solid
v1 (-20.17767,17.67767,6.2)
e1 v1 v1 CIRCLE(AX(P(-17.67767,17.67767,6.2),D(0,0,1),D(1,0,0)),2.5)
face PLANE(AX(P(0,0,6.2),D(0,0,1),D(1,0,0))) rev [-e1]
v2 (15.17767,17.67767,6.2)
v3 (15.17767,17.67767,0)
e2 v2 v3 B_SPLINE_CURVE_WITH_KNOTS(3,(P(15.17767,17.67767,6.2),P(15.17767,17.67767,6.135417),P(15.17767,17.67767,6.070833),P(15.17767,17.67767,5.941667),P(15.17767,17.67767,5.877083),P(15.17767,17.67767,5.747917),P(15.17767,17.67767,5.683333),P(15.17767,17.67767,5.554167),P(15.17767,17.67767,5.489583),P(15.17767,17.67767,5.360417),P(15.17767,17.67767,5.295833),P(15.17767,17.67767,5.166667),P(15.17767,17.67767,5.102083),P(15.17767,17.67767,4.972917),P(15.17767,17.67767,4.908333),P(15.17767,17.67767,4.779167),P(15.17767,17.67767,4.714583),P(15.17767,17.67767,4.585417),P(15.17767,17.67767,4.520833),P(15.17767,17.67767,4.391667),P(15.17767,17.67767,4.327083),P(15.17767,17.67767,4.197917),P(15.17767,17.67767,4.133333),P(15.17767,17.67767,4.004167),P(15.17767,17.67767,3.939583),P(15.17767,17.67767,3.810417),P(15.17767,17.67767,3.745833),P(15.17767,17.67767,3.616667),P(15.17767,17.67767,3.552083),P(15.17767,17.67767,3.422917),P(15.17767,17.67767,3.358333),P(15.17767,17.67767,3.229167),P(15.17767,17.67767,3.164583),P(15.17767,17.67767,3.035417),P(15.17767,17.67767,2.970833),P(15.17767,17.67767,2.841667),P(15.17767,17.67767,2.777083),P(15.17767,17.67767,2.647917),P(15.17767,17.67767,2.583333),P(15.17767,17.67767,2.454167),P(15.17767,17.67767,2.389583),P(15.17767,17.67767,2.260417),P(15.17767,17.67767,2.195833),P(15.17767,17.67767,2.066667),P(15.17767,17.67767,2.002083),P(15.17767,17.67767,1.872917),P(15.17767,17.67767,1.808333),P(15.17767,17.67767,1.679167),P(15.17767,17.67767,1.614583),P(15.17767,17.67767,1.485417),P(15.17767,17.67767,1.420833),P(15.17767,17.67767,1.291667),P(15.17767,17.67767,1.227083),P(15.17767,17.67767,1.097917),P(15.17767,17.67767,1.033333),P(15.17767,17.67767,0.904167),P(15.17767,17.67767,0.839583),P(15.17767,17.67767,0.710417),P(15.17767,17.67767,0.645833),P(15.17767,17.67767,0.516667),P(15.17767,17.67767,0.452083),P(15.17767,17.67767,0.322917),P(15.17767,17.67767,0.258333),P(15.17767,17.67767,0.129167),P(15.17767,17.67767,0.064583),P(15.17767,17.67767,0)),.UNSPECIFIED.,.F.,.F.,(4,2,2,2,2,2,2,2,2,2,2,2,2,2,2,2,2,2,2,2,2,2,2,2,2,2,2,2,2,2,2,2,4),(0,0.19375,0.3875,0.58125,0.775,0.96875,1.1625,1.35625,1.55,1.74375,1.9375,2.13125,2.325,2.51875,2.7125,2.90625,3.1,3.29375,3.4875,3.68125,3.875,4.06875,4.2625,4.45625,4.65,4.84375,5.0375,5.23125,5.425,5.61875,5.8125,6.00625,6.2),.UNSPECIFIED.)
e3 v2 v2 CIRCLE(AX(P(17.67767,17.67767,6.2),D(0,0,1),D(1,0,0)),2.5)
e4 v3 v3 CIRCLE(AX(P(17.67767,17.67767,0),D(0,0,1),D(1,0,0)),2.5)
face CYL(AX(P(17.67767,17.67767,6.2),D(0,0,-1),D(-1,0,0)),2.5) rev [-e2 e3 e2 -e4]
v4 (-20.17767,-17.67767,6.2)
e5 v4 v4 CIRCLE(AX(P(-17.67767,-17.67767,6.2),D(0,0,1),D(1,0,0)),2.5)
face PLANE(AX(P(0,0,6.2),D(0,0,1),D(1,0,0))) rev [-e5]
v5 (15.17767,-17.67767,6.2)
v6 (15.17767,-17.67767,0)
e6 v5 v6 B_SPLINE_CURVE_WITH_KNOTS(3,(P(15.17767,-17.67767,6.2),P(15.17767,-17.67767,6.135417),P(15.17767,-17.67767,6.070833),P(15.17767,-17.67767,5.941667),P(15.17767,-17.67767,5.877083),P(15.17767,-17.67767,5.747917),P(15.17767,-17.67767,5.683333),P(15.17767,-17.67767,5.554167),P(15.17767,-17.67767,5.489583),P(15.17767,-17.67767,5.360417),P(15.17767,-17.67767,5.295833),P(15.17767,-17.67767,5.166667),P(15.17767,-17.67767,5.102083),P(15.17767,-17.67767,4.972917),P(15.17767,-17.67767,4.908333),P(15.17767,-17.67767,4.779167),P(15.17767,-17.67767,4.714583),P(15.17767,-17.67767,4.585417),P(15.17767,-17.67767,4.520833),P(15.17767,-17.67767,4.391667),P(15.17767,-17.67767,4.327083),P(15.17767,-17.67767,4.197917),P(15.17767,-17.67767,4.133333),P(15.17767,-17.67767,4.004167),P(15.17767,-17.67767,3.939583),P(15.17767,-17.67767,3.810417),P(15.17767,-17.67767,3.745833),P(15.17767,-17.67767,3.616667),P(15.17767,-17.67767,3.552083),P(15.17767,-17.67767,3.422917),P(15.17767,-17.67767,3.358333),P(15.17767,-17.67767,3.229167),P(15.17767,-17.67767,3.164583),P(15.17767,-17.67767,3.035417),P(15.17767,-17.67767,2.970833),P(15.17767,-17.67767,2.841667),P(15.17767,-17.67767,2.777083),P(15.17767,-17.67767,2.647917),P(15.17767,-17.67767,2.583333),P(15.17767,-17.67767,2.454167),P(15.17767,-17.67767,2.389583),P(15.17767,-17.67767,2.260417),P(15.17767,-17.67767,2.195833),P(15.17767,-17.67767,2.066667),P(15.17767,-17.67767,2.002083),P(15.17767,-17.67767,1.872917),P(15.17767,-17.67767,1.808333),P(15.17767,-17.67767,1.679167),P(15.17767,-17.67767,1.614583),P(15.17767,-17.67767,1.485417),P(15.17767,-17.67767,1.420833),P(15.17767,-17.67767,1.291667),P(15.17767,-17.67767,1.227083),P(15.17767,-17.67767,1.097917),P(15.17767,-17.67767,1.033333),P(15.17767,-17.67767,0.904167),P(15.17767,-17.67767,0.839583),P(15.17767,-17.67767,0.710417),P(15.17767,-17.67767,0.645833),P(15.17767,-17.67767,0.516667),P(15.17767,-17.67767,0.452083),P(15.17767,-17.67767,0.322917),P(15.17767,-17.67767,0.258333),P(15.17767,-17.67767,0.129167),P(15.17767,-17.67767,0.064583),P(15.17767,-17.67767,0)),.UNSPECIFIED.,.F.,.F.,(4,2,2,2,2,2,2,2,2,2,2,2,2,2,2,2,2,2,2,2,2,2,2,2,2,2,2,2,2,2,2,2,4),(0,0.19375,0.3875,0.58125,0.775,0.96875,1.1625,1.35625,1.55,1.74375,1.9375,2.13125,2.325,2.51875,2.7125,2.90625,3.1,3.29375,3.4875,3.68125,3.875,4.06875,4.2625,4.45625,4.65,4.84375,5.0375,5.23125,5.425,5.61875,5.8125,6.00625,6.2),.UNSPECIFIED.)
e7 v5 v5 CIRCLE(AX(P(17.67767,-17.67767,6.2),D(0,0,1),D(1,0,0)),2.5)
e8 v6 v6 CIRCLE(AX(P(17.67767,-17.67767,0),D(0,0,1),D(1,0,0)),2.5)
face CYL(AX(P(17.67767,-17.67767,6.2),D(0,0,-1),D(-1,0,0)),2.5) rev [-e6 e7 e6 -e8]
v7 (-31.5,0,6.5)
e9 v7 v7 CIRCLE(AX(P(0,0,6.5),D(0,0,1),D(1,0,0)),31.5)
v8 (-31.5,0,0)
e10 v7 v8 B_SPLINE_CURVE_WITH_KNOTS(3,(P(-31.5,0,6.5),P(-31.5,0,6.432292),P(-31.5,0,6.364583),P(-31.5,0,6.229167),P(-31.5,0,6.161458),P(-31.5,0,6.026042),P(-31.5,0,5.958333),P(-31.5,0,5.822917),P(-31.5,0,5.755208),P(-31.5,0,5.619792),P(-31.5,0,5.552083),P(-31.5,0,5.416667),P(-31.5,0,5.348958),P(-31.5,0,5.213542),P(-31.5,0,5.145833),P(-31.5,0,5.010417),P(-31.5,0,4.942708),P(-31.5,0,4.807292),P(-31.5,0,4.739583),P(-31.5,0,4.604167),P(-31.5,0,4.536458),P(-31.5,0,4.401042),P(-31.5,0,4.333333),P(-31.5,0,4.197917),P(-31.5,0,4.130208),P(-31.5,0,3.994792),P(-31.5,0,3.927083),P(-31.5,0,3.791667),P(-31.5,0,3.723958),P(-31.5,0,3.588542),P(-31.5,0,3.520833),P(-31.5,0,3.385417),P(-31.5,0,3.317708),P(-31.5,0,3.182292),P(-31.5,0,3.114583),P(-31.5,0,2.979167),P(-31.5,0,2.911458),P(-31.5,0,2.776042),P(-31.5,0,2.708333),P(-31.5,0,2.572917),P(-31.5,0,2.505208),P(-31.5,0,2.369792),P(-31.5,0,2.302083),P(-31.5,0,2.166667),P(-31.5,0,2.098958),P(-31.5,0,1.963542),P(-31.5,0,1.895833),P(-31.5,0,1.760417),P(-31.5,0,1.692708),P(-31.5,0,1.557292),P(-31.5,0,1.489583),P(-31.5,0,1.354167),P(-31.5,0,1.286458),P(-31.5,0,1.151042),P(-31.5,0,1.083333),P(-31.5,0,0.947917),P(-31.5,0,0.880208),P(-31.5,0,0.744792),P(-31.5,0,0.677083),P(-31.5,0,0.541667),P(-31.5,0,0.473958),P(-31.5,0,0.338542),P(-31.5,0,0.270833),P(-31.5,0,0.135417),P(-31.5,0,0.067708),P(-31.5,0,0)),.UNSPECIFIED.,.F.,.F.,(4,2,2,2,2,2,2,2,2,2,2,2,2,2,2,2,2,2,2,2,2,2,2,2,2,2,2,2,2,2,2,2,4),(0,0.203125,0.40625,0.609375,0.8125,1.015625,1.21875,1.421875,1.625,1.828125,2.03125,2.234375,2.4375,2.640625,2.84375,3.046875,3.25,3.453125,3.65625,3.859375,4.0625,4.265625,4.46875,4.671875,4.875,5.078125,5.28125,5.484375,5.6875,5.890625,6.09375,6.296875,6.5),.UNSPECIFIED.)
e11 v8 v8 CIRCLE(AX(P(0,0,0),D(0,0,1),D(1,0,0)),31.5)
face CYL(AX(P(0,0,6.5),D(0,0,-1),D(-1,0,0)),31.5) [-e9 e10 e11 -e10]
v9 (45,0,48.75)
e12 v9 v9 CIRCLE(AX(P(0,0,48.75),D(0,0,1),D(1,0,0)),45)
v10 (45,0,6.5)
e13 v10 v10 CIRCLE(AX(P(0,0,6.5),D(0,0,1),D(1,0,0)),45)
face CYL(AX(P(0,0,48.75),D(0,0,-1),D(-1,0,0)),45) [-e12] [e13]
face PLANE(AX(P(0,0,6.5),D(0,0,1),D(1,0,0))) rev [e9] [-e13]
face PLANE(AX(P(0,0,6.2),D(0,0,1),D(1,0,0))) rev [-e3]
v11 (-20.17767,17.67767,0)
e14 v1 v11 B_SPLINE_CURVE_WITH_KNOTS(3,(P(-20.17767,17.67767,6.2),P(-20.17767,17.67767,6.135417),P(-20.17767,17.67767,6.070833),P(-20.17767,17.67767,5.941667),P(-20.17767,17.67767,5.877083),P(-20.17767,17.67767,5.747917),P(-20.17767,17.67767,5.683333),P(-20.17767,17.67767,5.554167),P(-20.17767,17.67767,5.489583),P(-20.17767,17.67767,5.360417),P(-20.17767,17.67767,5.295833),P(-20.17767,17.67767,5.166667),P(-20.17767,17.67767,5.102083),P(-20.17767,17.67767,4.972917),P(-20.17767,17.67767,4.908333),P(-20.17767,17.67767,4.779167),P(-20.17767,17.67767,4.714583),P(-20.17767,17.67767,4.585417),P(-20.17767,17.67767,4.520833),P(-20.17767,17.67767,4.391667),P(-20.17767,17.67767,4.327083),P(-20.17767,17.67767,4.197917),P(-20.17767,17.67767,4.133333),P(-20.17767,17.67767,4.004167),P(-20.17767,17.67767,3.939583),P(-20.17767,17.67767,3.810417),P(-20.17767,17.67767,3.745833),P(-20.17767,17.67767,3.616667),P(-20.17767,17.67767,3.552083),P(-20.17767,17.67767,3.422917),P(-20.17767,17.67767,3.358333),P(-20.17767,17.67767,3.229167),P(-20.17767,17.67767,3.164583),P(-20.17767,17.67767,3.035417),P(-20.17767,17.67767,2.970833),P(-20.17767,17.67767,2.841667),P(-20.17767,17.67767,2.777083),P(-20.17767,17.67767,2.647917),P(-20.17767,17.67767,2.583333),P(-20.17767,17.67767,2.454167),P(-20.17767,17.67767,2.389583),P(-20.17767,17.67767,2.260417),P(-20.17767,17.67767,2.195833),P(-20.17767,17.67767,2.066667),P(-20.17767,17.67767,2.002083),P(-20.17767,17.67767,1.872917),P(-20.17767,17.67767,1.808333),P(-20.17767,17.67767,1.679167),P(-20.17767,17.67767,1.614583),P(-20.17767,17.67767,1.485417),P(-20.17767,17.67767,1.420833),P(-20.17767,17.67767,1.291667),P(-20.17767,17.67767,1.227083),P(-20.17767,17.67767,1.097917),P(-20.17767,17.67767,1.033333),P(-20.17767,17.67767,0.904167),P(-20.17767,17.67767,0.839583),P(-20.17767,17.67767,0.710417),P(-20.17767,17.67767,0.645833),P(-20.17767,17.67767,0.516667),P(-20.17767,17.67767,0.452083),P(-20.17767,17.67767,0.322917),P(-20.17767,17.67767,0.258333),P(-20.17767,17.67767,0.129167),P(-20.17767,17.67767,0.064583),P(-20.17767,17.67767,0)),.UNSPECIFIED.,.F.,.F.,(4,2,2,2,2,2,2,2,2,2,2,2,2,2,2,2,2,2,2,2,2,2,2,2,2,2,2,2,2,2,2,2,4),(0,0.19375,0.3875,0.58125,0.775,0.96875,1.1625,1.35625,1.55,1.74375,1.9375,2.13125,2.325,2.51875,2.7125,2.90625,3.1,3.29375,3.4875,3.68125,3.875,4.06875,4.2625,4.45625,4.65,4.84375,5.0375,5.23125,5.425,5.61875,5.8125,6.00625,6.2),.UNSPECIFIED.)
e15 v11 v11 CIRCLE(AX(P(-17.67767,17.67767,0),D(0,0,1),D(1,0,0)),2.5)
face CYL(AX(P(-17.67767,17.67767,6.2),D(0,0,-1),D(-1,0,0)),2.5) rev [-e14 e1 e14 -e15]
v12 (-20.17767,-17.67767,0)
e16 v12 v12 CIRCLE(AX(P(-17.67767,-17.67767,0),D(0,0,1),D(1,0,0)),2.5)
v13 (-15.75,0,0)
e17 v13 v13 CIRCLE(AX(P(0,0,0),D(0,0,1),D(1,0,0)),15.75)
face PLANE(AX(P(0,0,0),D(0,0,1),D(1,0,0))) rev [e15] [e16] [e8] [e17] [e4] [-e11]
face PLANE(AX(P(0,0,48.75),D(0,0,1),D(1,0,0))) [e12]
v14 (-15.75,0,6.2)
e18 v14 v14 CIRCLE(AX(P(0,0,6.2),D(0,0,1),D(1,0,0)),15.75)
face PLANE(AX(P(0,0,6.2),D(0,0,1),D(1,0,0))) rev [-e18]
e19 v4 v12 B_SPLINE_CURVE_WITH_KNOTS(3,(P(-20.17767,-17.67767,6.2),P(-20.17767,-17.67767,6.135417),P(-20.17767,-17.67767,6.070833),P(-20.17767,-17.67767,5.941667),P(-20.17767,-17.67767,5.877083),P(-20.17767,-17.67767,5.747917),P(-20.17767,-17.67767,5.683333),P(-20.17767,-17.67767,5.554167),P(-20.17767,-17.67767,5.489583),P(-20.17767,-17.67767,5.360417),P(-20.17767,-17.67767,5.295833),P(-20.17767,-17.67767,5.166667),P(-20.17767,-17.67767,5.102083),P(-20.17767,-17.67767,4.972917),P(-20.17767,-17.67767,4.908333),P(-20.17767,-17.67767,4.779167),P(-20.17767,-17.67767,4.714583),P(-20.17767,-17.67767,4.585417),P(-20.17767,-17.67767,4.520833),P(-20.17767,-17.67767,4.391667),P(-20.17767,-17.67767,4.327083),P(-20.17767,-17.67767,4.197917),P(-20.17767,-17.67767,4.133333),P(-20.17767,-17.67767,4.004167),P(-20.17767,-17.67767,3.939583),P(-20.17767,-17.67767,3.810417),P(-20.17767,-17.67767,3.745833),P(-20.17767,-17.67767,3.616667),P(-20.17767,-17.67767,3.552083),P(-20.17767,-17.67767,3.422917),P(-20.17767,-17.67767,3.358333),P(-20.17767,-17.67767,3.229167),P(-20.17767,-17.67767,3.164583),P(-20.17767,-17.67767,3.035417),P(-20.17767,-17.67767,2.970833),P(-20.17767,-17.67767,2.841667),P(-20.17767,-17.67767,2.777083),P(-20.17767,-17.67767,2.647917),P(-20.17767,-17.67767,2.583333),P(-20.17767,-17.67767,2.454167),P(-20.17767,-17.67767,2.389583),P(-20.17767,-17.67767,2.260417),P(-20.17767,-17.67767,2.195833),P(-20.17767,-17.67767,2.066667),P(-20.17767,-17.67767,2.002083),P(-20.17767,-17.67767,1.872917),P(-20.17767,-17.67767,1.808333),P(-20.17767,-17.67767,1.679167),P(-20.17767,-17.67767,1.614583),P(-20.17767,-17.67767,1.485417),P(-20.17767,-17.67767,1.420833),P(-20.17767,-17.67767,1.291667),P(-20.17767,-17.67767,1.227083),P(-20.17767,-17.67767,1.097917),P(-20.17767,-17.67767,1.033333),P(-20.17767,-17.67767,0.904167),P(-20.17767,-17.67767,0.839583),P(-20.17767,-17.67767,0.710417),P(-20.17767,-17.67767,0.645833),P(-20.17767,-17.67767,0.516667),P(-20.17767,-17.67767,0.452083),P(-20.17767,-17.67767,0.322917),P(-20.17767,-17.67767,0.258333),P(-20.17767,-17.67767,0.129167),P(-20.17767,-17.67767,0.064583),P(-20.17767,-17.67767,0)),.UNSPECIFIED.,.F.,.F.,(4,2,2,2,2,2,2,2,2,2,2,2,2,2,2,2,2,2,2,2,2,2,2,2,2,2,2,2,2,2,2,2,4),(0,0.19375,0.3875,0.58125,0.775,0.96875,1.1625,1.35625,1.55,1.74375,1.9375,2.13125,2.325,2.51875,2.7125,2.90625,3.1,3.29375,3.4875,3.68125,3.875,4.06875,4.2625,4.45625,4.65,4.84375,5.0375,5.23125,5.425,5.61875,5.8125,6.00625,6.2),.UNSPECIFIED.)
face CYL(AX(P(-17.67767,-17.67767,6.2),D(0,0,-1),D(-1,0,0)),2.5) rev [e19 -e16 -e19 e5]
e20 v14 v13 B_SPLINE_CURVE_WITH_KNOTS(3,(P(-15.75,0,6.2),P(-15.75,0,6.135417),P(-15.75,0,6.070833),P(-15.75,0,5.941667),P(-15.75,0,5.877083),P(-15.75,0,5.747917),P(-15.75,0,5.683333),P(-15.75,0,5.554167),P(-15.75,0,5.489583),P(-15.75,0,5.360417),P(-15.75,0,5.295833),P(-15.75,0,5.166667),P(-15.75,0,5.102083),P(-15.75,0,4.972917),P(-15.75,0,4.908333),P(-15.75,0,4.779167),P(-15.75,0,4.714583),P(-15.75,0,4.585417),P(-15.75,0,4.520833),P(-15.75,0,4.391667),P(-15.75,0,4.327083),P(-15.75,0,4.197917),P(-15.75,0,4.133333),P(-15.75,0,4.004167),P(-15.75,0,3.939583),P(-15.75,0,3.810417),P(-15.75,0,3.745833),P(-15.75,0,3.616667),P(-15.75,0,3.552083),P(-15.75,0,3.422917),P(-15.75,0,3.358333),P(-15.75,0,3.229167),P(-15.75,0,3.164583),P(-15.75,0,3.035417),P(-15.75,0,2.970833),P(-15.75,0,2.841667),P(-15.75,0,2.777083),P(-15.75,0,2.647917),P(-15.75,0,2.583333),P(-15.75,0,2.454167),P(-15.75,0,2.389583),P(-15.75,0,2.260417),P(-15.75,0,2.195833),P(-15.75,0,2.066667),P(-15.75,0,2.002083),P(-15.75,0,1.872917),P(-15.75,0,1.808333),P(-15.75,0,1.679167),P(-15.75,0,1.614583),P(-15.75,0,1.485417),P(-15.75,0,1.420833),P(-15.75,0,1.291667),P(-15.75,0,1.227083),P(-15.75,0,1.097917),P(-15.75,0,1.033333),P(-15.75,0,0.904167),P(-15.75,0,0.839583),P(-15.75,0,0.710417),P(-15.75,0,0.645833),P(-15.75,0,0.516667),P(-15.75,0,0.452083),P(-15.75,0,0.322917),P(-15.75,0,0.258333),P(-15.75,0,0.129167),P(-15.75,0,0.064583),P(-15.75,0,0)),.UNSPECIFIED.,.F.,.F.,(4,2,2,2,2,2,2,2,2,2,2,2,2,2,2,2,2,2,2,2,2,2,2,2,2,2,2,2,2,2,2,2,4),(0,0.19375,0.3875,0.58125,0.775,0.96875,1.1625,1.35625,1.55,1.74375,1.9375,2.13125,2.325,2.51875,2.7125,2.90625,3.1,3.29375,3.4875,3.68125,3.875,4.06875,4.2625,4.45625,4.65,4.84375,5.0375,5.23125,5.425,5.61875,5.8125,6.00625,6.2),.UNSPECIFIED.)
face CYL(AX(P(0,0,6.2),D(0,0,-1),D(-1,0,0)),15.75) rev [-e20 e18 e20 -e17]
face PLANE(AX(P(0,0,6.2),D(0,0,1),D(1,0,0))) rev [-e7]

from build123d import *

# Parameters (mm, degrees)
SKETCH1_R           = 45
BOSS_EXTRUDE1_DEPTH = 48.75
SKETCH1_3_R         = 45
SKETCH1_3_R_2       = 31.5
CUT_EXTRUDE1_DEPTH  = 6.5
SKETCH1_4_R         = 15.75
SKETCH1_4_R_2       = 2.5
CUT_EXTRUDE2_DEPTH  = 6.2


with BuildPart() as part:
    # Sketch1 → Boss-Extrude1 (new body)
    with BuildSketch(Plane.XY):
        Circle(SKETCH1_R)
    extrude(amount=BOSS_EXTRUDE1_DEPTH)

    # Sketch1<3> → Cut-Extrude1 (cut)
    with BuildSketch(Plane.XY):
        Circle(SKETCH1_3_R)
        Circle(SKETCH1_3_R_2, mode=Mode.SUBTRACT)
    extrude(amount=CUT_EXTRUDE1_DEPTH, mode=Mode.SUBTRACT)

    # Sketch1<4> → Cut-Extrude2 (cut)
    with BuildSketch(Plane.XY):
        Circle(SKETCH1_4_R)
        with Locations((17.67766953, 17.67766953)):
            Circle(SKETCH1_4_R_2)
        with Locations((17.67766953, -17.67766953)):
            Circle(SKETCH1_4_R_2)
        with Locations((-17.67766953, -17.67766953)):
            Circle(SKETCH1_4_R_2)
        with Locations((-17.67766953, 17.67766953)):
            Circle(SKETCH1_4_R_2)
    extrude(amount=CUT_EXTRUDE2_DEPTH, mode=Mode.SUBTRACT)


solid = part.part
